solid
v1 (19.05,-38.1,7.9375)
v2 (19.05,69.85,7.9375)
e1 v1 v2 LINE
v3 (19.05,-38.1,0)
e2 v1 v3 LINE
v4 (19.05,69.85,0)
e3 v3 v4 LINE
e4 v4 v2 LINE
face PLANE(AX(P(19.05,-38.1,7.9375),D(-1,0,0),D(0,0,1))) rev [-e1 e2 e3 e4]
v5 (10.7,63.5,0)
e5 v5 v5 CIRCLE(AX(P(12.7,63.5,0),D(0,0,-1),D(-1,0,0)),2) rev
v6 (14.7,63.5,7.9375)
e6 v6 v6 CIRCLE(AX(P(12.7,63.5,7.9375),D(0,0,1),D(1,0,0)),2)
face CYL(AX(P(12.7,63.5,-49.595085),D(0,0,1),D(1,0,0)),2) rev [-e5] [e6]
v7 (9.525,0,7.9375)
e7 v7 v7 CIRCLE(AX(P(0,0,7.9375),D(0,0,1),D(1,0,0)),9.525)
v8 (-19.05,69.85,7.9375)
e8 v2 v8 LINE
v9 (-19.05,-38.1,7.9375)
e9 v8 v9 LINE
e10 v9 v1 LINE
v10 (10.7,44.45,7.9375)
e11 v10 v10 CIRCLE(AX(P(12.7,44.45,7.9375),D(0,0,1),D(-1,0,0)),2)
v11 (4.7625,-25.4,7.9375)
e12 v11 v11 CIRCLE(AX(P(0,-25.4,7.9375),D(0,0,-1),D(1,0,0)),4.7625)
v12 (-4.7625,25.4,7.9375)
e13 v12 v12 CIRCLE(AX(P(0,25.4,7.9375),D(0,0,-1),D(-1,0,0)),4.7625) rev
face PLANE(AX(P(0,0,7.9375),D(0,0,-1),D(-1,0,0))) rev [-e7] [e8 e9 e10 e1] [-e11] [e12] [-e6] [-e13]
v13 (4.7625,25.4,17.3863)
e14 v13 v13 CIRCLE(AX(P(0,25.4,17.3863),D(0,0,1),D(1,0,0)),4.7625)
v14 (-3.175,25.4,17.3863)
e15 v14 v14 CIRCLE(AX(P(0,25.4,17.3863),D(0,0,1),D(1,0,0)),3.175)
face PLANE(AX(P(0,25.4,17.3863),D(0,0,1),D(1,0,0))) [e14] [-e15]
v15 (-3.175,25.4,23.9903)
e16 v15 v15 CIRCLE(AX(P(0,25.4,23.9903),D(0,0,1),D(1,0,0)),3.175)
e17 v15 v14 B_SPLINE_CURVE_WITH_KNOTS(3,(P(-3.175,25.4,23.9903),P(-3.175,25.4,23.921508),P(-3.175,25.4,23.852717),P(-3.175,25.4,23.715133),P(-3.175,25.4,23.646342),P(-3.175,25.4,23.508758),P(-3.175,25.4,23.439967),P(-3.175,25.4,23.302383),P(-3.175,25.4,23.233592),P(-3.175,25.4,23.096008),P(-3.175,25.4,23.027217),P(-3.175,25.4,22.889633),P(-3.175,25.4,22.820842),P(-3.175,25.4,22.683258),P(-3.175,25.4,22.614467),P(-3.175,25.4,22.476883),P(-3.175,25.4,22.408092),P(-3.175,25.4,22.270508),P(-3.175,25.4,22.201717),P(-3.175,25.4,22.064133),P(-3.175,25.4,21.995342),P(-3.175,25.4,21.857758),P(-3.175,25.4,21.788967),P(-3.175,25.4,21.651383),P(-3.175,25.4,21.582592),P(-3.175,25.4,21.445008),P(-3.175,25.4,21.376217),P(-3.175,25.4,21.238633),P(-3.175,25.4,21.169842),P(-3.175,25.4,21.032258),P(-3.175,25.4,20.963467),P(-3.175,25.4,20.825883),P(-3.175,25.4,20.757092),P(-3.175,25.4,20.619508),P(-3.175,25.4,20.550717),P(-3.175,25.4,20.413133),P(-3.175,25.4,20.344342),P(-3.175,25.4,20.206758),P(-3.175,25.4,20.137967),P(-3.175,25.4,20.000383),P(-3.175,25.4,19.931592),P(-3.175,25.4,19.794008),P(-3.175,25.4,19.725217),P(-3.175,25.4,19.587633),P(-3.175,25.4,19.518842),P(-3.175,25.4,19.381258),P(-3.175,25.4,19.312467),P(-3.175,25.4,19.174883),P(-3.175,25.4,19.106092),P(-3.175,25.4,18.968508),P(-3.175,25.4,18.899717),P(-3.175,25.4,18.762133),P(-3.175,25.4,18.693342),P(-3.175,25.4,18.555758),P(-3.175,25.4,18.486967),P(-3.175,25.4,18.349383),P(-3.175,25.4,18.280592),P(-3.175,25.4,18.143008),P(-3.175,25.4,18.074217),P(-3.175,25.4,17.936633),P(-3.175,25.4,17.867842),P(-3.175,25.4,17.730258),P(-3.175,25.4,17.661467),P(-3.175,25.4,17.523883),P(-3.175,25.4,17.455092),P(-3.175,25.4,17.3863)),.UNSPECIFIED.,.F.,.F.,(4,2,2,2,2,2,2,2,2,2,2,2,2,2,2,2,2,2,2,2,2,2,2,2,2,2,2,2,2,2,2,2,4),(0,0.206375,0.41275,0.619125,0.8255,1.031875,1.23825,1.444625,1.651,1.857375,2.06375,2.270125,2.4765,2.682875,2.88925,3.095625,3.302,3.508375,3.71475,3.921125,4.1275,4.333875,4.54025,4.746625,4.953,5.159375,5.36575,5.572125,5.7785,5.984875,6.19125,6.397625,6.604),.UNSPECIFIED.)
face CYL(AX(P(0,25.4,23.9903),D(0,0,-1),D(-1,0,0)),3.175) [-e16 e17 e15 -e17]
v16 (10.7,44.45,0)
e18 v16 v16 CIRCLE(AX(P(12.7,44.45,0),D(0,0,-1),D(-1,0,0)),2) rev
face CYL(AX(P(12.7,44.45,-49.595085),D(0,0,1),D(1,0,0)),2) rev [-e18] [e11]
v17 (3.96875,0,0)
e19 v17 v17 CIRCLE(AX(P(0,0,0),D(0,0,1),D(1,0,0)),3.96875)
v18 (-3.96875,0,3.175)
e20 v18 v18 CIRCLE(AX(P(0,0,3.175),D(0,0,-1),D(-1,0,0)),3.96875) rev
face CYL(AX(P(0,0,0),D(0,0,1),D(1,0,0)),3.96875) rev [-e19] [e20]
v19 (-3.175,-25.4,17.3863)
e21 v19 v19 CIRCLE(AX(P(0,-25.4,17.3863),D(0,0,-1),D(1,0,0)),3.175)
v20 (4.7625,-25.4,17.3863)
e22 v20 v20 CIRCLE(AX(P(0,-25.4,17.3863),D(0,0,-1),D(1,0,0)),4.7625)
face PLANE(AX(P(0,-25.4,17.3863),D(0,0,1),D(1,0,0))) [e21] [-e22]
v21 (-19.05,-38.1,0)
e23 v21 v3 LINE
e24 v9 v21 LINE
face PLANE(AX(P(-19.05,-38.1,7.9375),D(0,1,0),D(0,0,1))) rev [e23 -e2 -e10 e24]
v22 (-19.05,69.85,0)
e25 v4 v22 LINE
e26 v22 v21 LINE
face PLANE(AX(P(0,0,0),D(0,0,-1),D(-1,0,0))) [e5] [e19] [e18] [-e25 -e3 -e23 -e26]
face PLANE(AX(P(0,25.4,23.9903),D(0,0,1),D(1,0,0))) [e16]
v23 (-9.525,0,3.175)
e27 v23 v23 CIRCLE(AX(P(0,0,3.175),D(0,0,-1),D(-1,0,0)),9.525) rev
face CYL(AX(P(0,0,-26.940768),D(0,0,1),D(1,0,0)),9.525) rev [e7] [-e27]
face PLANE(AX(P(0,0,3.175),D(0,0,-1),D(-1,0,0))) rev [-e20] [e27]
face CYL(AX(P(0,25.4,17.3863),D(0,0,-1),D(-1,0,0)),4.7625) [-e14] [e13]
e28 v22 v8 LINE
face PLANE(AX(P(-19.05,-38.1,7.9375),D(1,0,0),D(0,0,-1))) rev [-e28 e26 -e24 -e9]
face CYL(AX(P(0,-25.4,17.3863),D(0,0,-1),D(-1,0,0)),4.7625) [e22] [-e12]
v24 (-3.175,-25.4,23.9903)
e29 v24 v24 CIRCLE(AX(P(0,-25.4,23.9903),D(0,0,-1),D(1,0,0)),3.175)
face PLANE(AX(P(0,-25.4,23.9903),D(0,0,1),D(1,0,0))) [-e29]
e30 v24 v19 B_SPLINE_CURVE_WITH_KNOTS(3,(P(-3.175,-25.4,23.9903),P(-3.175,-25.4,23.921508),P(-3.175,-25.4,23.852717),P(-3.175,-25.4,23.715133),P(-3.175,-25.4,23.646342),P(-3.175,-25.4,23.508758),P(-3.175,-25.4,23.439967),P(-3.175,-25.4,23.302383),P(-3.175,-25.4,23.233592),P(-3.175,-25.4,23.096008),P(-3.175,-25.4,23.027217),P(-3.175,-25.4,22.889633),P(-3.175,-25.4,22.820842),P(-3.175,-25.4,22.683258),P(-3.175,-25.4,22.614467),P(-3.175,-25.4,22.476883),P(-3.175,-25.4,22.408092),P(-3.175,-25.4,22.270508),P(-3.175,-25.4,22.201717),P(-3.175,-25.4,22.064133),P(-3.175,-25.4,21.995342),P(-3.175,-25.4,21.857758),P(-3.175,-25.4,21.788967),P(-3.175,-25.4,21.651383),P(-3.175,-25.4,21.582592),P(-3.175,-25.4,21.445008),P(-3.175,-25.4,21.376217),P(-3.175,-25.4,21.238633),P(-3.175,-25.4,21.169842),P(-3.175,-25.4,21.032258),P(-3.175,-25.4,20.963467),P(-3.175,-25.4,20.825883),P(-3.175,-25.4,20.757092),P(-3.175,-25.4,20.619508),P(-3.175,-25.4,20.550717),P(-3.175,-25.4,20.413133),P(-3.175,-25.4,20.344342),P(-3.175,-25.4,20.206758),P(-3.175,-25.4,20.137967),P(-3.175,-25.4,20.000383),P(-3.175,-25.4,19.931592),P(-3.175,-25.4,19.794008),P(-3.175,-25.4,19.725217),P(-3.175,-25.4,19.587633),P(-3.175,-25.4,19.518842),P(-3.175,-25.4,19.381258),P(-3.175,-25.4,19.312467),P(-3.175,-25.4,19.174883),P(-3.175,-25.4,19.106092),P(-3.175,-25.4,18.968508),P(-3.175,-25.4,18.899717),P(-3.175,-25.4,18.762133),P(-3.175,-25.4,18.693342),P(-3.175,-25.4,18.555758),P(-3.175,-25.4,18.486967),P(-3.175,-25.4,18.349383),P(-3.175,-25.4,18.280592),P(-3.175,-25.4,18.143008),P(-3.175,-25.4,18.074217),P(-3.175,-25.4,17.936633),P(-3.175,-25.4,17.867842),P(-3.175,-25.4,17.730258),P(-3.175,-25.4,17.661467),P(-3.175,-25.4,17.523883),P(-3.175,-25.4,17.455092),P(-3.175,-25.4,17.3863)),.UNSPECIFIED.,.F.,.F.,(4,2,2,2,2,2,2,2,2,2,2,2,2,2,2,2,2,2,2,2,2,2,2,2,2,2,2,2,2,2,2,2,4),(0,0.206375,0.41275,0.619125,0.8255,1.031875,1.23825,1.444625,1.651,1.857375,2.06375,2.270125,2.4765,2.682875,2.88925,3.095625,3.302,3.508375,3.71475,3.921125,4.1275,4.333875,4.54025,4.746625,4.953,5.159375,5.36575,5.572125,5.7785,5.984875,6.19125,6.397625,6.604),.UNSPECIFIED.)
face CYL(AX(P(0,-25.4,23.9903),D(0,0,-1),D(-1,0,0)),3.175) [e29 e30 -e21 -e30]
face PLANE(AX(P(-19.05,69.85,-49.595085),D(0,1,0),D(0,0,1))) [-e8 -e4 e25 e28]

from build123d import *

# Parameters (mm, degrees)
SKETCH1_W           = 38.1
SKETCH1_H           = 76.2
BOSS_EXTRUDE1_DEPTH = 7.9375
SKETCH2_R           = 3.96875
CUT_EXTRUDE1_DEPTH  = 44.330317403
SKETCH4_R           = 9.525
CUT_EXTRUDE2_DEPTH  = 4.7625
SKETCH5_R           = 4.7625
BOSS_EXTRUDE2_DEPTH = 9.4488
SKETCH6_R           = 3.175
BOSS_EXTRUDE3_DEPTH = 6.604
SKETCH7_W           = 38.1
SKETCH7_H           = 31.75
SKETCH7_R           = 2
BOSS_EXTRUDE4_DEPTH = 7.9375


with BuildPart() as part:
    # Sketch1 → Boss-Extrude1 (new body)
    with BuildSketch(Plane.XY):
        Rectangle(SKETCH1_W, SKETCH1_H)
    extrude(amount=BOSS_EXTRUDE1_DEPTH)

    # Sketch2 → Cut-Extrude1 (cut, through all)
    with BuildSketch(Plane.XY.offset(7.9375)):
        Circle(SKETCH2_R)
    extrude(amount=-CUT_EXTRUDE1_DEPTH, mode=Mode.SUBTRACT)

    # Sketch4 → Cut-Extrude2 (cut)
    with BuildSketch(Plane.XY.offset(7.9375)):
        Circle(SKETCH4_R)
    extrude(amount=-CUT_EXTRUDE2_DEPTH, mode=Mode.SUBTRACT)

    # Sketch5 → Boss-Extrude2 (add)
    with BuildSketch(Plane.XY.offset(7.9375)):
        with Locations(Location((0, 25.4, 0), (0, 0, 180))):
            Circle(SKETCH5_R)
    boss_extrude2 = extrude(amount=BOSS_EXTRUDE2_DEPTH)

    # Sketch6 → Boss-Extrude3 (add)
    with BuildSketch(Plane.XY.offset(17.3863)):
        with Locations(Location((0, 25.4, 0), (0, 0, 180))):
            Circle(SKETCH6_R)
    boss_extrude3 = extrude(amount=BOSS_EXTRUDE3_DEPTH)

    # Mirror1: Boss-Extrude2, Boss-Extrude3 across plane
    add(boss_extrude2.mirror(Plane.ZX))
    add(boss_extrude3.mirror(Plane.ZX))

    # Sketch7 → Boss-Extrude4 (add)
    with BuildSketch(Plane.XY.offset(7.9375)):
        with Locations((0, 53.975)):
            Rectangle(SKETCH7_W, SKETCH7_H)
        with Locations((12.7, 63.5)):
            Circle(SKETCH7_R, mode=Mode.SUBTRACT)
        with Locations(Location((12.7, 44.45, 0), (0, 0, 180))):
            Circle(SKETCH7_R, mode=Mode.SUBTRACT)
    extrude(amount=-BOSS_EXTRUDE4_DEPTH)


solid = part.part
